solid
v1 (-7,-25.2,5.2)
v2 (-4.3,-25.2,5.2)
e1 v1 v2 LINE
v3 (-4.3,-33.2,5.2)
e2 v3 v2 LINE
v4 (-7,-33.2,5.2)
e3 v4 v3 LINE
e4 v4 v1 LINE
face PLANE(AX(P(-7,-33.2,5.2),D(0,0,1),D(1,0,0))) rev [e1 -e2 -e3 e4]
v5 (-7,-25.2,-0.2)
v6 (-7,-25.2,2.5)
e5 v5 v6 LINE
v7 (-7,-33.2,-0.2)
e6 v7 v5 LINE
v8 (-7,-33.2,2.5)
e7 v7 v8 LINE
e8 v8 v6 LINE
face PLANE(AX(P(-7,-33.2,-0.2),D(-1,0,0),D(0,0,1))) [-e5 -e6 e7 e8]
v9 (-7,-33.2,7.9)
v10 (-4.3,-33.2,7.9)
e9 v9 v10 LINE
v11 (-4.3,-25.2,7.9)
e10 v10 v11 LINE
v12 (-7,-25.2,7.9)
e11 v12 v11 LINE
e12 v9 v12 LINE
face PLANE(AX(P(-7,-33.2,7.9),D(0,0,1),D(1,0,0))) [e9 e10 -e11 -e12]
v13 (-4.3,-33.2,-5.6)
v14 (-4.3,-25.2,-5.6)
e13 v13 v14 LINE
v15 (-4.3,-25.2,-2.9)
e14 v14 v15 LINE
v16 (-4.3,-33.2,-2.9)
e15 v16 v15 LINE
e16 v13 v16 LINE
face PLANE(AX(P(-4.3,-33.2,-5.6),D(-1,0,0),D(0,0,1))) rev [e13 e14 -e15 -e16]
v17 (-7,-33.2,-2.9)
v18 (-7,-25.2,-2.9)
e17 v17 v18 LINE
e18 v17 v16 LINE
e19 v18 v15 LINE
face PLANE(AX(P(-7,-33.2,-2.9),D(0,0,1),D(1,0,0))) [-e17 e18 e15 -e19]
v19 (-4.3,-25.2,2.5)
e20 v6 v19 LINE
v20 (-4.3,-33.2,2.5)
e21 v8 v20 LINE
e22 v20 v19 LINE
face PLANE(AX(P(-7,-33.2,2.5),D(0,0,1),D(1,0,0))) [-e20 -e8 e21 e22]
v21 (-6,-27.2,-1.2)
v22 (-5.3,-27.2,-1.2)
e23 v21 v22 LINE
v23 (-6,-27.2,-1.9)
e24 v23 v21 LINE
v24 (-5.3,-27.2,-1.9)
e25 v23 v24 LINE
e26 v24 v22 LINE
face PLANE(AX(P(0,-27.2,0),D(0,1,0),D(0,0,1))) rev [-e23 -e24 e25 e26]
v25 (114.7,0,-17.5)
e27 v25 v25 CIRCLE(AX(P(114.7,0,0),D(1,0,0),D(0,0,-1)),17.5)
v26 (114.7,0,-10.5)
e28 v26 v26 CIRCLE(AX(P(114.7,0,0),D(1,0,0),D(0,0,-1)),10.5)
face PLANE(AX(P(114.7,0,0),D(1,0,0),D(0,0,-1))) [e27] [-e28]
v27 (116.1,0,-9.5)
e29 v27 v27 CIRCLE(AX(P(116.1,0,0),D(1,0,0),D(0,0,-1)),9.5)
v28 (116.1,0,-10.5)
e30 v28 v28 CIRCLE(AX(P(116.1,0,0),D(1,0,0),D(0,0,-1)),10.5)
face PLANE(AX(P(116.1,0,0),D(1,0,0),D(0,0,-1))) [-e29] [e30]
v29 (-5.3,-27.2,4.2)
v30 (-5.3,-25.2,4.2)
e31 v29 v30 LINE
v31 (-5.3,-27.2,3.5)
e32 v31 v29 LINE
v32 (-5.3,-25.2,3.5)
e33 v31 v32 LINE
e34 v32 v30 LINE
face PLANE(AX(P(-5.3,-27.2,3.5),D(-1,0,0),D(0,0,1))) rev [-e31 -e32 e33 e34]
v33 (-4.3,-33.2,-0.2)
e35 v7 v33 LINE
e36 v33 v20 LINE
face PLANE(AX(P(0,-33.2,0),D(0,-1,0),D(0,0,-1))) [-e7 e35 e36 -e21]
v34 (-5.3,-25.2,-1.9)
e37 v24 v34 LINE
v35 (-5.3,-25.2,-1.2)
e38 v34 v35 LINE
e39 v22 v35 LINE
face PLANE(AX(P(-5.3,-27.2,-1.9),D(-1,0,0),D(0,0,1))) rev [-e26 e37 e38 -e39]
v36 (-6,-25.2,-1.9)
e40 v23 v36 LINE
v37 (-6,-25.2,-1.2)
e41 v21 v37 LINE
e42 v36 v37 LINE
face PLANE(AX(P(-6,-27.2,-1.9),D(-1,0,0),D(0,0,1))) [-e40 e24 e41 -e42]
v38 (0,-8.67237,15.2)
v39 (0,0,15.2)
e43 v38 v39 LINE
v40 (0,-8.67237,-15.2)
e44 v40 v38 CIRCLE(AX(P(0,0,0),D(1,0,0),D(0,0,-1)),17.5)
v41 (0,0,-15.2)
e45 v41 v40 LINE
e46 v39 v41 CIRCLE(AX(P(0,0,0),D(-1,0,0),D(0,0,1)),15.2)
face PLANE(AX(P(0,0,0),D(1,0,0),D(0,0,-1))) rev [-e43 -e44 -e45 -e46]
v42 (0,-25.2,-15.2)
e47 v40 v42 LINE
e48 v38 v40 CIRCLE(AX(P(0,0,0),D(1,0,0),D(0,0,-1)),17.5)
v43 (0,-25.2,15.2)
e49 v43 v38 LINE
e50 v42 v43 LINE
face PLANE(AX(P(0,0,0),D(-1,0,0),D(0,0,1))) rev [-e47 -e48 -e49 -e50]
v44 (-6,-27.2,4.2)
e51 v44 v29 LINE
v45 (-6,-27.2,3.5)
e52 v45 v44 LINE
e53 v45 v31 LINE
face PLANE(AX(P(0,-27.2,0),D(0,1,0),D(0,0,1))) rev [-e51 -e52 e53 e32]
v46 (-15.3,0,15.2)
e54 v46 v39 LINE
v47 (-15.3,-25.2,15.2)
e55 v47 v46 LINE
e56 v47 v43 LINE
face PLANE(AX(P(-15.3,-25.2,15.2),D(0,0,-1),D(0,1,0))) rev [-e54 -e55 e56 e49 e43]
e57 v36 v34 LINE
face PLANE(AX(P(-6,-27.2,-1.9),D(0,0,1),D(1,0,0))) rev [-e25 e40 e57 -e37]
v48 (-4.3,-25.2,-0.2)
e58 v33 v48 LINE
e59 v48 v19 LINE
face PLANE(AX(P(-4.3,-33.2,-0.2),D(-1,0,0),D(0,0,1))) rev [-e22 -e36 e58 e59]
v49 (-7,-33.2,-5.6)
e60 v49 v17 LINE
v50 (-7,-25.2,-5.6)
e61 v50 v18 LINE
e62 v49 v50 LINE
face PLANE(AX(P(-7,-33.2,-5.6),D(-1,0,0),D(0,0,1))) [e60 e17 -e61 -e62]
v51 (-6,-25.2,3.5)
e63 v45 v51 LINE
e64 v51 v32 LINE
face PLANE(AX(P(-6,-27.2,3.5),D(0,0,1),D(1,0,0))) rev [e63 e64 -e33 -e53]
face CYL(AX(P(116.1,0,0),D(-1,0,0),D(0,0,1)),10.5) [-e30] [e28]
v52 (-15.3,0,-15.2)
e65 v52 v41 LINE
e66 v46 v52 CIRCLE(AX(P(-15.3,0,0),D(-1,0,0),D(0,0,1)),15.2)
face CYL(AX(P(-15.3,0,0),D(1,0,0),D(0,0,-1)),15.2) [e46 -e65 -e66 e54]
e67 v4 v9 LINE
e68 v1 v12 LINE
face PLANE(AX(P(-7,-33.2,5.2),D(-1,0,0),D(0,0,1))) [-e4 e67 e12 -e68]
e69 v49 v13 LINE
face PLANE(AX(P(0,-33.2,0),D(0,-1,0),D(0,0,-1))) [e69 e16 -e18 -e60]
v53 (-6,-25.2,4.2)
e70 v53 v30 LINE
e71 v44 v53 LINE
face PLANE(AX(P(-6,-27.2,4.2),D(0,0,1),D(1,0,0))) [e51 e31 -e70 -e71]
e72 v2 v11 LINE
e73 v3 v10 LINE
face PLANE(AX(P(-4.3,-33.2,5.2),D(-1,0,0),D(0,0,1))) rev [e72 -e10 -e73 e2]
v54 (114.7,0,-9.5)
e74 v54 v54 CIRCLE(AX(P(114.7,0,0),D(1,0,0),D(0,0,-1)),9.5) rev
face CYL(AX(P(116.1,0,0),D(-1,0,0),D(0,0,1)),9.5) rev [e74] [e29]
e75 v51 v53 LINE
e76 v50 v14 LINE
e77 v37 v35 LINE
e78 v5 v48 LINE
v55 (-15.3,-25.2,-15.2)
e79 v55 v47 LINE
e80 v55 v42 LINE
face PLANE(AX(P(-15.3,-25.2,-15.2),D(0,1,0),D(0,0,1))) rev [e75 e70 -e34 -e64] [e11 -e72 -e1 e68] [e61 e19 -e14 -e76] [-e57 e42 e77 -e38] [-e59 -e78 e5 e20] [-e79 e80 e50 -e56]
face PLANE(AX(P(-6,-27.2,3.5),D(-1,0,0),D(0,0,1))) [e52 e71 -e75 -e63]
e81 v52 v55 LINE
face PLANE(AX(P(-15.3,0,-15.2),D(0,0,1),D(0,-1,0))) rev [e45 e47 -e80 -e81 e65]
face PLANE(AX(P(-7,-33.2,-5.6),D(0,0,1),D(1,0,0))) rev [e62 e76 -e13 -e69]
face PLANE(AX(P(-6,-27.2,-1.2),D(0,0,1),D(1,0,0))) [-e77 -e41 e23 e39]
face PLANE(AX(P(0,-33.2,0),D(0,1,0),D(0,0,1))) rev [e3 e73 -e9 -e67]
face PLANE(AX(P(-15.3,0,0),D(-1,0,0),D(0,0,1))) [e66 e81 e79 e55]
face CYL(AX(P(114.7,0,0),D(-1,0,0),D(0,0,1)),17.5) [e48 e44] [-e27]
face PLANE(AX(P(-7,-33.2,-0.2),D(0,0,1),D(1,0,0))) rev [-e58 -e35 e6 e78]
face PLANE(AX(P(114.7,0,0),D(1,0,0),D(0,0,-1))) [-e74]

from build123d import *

# Parameters (mm, degrees)
SKETCH_2_R      = 17.5
EXTRUDE_1_DEPTH = 114.7
SKETCH_3_R      = 10.5
SKETCH_3_R_2    = 9.5
EXTRUDE_2_DEPTH = 1.4
EXTRUDE_6_DEPTH = 15.3
SKETCH_8_W      = 2.7
SKETCH_8_H      = 2.7
EXTRUDE_7_DEPTH = 8
SKETCH_8_3_W    = 0.7
SKETCH_8_3_H    = 0.7
EXTRUDE_8_DEPTH = 2


with BuildPart() as part:
    # 草图2 → 凸台-拉伸1 (new body)
    with BuildSketch(Plane(origin=(0, 0, 0), x_dir=(0, 0, -1), z_dir=(1, 0, 0))):
        Circle(SKETCH_2_R)
    extrude(amount=EXTRUDE_1_DEPTH)

    # 草图3 → 凸台-拉伸2 (add)
    with BuildSketch(Plane(origin=(114.7, 0, 0), x_dir=(0, 0, -1), z_dir=(1, 0, 0))):
        Circle(SKETCH_3_R)
        Circle(SKETCH_3_R_2, mode=Mode.SUBTRACT)
    extrude(amount=EXTRUDE_2_DEPTH)

    # 草图6 → 凸台-拉伸6 (add)
    with BuildSketch(Plane.ZY):
        with BuildLine():
            Line((-15.2, 0), (-15.2, -25.2))
            Line((-15.2, -25.2), (15.2, -25.2))
            Line((15.2, -25.2), (15.2, 0))
            ThreePointArc((15.2, 0), (0, 15.2), (-15.2, 0))
        make_face()
    extrude(amount=EXTRUDE_6_DEPTH)

    # 草图8 → 凸台-拉伸7 (add)
    with BuildSketch(Plane.XZ.offset(25.2)):
        with Locations((-5.65, -4.25)):
            Rectangle(SKETCH_8_W, SKETCH_8_H)
        with Locations((-5.65, 1.15)):
            Rectangle(SKETCH_8_W, SKETCH_8_H)
        with Locations((-5.65, 6.55)):
            Rectangle(SKETCH_8_W, SKETCH_8_H)
    extrude(amount=EXTRUDE_7_DEPTH)

    # 草图8<3> → 凸台-拉伸8 (add)
    with BuildSketch(Plane.XZ.offset(25.2)):
        with Locations((-5.65, -1.55)):
            Rectangle(SKETCH_8_3_W, SKETCH_8_3_H)
        with Locations((-5.65, 3.85)):
            Rectangle(SKETCH_8_3_W, SKETCH_8_3_H)
    extrude(amount=EXTRUDE_8_DEPTH)


solid = part.part
